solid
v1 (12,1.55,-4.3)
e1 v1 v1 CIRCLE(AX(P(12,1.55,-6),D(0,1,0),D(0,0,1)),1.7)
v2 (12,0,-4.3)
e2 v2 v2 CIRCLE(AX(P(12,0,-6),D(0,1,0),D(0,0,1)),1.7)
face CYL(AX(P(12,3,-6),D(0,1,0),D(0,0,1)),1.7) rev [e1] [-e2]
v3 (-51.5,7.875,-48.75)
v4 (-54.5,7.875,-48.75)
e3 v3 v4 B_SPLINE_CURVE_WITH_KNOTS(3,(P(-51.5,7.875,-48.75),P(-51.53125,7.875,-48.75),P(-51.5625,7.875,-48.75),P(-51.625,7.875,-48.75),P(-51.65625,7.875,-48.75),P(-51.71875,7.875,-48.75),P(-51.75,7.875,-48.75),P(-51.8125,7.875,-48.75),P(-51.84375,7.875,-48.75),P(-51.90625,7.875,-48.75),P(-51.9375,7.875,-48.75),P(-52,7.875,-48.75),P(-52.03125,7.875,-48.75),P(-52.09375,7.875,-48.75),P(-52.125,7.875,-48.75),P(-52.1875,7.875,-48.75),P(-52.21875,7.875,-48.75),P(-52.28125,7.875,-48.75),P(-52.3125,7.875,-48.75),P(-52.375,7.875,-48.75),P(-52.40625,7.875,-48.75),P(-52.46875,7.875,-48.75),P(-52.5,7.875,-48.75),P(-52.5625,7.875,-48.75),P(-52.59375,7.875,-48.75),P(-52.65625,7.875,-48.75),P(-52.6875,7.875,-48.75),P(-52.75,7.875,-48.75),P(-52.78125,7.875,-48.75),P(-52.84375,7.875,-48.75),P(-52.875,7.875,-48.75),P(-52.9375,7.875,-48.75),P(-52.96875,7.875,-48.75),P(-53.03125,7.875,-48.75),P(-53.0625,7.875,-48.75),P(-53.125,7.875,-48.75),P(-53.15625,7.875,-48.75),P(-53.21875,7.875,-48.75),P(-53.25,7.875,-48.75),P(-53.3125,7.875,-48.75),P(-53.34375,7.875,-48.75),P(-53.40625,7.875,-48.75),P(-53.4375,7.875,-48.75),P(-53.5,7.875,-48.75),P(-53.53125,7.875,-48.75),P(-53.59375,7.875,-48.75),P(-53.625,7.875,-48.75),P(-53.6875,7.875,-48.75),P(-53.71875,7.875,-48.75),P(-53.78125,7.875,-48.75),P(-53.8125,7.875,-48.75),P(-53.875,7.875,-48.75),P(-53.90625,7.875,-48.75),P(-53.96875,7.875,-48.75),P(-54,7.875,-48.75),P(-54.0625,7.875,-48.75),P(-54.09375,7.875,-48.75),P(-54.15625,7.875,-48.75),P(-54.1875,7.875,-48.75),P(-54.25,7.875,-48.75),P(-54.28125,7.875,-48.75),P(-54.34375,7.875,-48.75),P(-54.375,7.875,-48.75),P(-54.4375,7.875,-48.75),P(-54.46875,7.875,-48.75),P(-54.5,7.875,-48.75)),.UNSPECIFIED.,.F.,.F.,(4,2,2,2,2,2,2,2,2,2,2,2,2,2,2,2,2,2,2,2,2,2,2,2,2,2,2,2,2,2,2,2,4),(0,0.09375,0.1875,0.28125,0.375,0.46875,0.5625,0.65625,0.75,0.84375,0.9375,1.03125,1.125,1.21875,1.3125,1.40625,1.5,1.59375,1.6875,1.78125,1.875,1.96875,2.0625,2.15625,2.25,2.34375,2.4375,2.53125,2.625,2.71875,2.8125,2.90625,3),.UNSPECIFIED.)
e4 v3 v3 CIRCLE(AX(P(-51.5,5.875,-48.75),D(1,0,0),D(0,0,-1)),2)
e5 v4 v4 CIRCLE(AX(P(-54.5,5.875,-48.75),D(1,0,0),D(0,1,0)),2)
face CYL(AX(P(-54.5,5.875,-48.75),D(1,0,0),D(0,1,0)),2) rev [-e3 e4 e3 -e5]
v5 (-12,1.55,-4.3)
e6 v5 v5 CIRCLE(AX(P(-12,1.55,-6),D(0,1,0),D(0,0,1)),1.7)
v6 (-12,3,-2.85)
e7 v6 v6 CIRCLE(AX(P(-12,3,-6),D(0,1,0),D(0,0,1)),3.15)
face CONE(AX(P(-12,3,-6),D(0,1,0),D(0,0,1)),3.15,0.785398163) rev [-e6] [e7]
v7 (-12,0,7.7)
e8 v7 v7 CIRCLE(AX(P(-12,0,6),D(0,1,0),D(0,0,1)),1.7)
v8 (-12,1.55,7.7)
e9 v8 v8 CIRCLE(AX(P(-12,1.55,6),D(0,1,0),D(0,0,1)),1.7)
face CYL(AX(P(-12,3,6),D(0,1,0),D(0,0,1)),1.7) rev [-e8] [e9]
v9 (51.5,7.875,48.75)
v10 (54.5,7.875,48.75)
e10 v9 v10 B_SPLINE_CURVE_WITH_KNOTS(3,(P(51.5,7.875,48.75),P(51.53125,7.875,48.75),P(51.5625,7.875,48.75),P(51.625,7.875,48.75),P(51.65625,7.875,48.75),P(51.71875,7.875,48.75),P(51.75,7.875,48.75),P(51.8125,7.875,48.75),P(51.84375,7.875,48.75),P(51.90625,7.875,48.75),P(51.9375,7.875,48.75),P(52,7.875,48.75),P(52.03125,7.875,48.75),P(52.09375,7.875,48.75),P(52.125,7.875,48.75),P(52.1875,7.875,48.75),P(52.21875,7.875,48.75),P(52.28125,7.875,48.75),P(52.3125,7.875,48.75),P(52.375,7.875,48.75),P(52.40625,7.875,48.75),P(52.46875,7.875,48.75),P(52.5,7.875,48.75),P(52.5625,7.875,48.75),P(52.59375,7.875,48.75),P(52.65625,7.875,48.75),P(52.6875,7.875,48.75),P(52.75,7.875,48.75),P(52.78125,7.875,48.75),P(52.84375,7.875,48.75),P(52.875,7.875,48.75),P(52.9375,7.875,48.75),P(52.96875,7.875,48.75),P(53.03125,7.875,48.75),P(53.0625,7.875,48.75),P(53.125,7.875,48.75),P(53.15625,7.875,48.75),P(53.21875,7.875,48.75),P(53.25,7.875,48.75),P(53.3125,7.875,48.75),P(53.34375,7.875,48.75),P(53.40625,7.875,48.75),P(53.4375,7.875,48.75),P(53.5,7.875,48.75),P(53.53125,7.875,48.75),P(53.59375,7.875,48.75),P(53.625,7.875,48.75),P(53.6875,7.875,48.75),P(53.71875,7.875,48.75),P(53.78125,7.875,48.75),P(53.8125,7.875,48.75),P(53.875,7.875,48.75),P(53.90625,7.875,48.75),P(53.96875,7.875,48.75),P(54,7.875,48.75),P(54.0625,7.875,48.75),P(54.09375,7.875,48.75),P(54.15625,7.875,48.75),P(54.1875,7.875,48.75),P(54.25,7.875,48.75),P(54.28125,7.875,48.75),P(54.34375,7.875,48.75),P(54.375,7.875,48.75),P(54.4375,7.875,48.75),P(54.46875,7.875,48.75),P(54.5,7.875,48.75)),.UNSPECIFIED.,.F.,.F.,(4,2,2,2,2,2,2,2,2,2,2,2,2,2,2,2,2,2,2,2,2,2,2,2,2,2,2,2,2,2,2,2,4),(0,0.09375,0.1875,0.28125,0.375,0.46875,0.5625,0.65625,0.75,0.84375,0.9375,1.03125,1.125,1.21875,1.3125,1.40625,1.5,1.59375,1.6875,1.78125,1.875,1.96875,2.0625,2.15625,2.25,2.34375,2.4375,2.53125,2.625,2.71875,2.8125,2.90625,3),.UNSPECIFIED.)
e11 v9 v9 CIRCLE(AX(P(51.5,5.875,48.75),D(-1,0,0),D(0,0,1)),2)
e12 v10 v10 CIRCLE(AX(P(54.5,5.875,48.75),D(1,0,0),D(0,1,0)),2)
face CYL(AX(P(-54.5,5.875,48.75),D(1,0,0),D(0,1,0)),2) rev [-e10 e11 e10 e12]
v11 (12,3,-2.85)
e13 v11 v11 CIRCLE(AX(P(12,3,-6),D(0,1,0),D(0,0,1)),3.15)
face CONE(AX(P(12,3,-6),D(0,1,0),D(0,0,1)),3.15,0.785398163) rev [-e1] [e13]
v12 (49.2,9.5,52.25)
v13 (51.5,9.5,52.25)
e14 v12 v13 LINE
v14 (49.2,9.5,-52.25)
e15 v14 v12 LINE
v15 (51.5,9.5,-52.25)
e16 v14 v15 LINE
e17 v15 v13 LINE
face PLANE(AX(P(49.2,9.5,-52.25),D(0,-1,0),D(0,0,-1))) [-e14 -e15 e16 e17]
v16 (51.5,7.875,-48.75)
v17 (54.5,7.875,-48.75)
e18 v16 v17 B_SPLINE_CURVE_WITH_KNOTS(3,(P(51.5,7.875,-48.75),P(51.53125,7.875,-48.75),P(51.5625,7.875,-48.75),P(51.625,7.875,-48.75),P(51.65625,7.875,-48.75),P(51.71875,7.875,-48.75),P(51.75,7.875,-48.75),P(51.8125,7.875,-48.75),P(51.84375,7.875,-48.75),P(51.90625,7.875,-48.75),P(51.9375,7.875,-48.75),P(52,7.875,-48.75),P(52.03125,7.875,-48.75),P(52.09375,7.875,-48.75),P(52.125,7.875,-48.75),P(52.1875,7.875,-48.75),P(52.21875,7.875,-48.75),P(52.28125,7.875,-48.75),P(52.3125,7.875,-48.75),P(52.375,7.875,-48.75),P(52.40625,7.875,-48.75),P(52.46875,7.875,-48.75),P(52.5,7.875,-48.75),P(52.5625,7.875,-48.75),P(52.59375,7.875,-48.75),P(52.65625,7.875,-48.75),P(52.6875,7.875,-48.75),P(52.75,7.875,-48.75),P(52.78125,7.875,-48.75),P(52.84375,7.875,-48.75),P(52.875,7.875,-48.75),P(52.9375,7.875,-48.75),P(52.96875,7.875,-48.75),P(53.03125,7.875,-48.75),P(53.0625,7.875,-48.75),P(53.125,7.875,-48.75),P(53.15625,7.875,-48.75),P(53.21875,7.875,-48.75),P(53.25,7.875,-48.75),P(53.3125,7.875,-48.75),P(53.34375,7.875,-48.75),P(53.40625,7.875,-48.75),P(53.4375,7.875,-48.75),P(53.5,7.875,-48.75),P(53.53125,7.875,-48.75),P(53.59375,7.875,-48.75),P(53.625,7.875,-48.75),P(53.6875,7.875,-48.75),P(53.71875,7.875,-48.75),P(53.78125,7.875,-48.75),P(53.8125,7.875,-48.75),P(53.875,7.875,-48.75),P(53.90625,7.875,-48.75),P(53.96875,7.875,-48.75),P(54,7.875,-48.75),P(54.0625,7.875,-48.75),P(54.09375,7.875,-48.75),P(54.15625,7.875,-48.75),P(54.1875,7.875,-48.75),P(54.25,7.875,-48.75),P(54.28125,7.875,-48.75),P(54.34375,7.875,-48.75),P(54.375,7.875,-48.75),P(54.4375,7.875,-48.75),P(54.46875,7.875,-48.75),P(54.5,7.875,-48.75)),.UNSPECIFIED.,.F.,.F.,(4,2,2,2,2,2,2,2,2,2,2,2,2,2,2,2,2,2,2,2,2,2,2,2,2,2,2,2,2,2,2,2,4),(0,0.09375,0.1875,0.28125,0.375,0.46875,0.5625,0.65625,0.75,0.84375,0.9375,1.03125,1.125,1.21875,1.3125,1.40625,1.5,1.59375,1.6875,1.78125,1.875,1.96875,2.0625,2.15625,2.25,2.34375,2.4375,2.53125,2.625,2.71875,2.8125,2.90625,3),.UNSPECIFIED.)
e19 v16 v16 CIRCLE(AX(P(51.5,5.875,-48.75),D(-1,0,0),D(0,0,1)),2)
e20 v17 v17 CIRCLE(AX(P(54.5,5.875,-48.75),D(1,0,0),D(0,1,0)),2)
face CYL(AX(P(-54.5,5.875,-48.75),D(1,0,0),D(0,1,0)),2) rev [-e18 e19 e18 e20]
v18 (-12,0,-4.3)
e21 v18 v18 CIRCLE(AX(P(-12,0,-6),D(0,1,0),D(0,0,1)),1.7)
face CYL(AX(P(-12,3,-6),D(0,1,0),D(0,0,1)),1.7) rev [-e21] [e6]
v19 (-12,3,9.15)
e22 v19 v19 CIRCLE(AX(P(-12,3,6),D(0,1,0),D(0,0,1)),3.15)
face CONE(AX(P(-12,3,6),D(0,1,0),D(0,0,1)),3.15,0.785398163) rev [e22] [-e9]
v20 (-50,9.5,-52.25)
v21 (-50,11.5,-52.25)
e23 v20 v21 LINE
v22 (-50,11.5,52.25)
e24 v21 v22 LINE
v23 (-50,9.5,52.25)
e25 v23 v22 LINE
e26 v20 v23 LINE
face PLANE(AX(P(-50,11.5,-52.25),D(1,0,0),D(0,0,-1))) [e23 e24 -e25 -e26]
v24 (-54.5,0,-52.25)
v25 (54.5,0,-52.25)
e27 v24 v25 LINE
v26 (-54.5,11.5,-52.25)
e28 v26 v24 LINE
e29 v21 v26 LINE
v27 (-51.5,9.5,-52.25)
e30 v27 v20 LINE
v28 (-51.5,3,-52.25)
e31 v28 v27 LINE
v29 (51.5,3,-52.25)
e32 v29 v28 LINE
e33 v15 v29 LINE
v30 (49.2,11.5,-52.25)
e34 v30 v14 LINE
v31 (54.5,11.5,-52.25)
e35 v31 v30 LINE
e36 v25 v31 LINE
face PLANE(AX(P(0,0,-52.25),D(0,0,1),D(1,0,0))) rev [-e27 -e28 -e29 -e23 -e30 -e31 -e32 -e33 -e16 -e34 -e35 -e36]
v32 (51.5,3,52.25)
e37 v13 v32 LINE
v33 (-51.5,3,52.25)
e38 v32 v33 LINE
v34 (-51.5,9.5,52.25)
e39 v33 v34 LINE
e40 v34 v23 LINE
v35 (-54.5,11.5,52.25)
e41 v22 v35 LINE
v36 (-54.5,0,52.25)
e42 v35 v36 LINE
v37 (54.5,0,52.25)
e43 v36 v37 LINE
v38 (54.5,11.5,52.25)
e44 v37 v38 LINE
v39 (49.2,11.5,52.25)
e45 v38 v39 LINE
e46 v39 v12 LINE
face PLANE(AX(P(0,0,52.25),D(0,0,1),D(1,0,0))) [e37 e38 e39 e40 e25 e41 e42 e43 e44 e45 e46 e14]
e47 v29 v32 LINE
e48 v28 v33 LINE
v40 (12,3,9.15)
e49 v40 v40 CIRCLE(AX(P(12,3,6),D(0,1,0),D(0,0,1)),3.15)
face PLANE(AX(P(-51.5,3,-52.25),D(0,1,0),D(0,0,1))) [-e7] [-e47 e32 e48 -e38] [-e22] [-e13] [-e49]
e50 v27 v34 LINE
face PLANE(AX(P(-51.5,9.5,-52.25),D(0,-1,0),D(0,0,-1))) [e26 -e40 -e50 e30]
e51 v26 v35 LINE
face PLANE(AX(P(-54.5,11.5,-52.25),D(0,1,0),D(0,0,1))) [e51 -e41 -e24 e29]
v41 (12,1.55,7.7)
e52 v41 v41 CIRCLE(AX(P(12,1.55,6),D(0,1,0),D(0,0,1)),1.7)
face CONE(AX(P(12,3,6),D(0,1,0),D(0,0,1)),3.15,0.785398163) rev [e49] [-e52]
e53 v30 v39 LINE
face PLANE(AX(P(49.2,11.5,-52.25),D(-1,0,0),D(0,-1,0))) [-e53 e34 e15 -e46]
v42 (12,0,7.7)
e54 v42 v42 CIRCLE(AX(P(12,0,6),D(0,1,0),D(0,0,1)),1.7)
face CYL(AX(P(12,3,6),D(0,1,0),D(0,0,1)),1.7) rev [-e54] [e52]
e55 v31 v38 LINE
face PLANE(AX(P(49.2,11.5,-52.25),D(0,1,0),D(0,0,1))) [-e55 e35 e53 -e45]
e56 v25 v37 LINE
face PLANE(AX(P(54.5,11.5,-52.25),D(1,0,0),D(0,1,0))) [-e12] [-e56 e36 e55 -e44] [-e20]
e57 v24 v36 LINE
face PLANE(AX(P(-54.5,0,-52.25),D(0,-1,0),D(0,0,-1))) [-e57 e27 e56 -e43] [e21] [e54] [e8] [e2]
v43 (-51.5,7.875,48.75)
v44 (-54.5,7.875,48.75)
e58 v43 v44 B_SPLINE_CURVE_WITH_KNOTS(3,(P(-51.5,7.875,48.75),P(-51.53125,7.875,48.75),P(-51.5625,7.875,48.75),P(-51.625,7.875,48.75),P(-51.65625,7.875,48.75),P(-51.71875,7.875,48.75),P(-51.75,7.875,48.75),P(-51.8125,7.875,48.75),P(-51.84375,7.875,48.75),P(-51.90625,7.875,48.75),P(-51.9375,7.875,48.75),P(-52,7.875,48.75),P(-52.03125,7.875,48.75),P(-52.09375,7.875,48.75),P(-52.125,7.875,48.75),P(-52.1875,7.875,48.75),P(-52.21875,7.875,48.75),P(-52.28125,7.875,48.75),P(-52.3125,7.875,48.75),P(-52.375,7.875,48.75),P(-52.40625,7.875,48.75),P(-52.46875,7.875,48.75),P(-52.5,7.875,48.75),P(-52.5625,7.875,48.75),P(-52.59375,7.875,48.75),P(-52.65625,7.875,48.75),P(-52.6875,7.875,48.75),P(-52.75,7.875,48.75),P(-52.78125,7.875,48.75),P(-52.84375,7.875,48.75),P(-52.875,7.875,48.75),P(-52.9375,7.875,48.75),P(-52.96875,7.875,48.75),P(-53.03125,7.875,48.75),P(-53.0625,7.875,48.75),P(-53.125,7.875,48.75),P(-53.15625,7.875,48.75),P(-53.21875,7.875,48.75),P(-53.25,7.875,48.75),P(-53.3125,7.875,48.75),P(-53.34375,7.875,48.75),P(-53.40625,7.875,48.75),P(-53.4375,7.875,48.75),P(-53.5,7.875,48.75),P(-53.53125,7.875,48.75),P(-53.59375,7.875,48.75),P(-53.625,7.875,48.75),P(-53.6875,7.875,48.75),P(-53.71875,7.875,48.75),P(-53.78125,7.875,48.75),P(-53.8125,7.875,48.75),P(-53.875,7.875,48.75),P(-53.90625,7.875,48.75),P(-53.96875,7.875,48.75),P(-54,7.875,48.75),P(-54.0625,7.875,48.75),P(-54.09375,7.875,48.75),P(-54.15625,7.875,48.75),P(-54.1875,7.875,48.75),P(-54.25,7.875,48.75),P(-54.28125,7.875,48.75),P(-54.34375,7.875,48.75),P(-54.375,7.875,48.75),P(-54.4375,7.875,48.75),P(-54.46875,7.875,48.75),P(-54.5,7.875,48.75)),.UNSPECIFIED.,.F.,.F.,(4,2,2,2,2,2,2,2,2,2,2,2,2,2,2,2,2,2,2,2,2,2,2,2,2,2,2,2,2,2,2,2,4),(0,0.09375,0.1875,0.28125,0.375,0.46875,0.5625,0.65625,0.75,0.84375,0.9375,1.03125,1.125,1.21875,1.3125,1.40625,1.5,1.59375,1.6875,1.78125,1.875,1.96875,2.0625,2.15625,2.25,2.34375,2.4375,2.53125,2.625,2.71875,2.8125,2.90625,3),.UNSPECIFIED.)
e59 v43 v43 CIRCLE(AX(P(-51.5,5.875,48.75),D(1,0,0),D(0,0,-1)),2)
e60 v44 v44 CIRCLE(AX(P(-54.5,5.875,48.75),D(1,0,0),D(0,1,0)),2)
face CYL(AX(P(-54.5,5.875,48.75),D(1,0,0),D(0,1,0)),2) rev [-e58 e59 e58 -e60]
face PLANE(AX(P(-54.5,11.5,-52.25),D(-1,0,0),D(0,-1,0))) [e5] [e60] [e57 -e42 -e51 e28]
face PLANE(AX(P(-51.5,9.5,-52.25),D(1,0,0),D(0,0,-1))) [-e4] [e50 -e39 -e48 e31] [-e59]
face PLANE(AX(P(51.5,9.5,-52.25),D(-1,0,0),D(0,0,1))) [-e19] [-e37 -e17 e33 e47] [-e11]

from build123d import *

# Parameters (mm, degrees)
BOSS_EXTRUDE1_DEPTH                            = 52.25
BOSS_EXTRUDE1_DEPTH_BACK                       = 52.25
CSK_FOR_M3_FLAT_HEAD_MACHINE_SCREW1_AT_2_COUNT = 2
CSK_FOR_M3_FLAT_HEAD_MACHINE_SCREW1_AT_2_PITCH = 12
CSK_FOR_M3_FLAT_HEAD_MACHINE_SCREW1_AT_3_COUNT = 2
CSK_FOR_M3_FLAT_HEAD_MACHINE_SCREW1_AT_3_PITCH = 26.83281573
CSK_FOR_M3_FLAT_HEAD_MACHINE_SCREW1_AT_4_COUNT = 2
CSK_FOR_M3_FLAT_HEAD_MACHINE_SCREW1_AT_4_PITCH = 24
SKETCH5_R                                      = 2
CUT_EXTRUDE1_DEPTH                             = 122.422042892


with BuildPart() as part:
    # Sketch1 → Boss-Extrude1 (new, two sides: drawn at the far end of the back side and taken through both)
    with BuildSketch(Plane.XY.offset(-BOSS_EXTRUDE1_DEPTH_BACK)):
        Polygon((-50, 11.5), (-50, 9.5), (-51.5, 9.5), (-51.5, 3), (51.5, 3), (51.5, 9.5), (49.2, 9.5), (49.2, 11.5), (54.5, 11.5), (54.5, 0), (-54.5, 0), (-54.5, 11.5), align=None)
    extrude(amount=BOSS_EXTRUDE1_DEPTH + BOSS_EXTRUDE1_DEPTH_BACK)

    # Sketch4 → CSK for M3 Flat Head Machine Screw1 (revolve, cut)
    with BuildSketch(Plane(origin=(-12, 3, -6), x_dir=(0, 0, 1), z_dir=(1, 0, 0))):
        Polygon((0, 0), (0, 3), (1.7, 3), (1.7, 1.45), (3.15, 0), align=None)
    csk_for_m3_flat_head_machine_screw1 = revolve(axis=Axis((-12, 9.35, -6), (0, -1, 0)), mode=Mode.SUBTRACT)

    # CSK for M3 Flat Head Machine Screw1 at 2: CSK for M3 Flat Head Machine Screw1 ×2
    with Locations(*[(0, 0, i * CSK_FOR_M3_FLAT_HEAD_MACHINE_SCREW1_AT_2_PITCH) for i in range(1, CSK_FOR_M3_FLAT_HEAD_MACHINE_SCREW1_AT_2_COUNT)]):
        add(csk_for_m3_flat_head_machine_screw1, mode=Mode.SUBTRACT)

    # CSK for M3 Flat Head Machine Screw1 at 3: CSK for M3 Flat Head Machine Screw1 ×2
    with Locations(*[Vector(0.894427190999916, 0, 0.4472135954999579) * (i * CSK_FOR_M3_FLAT_HEAD_MACHINE_SCREW1_AT_3_PITCH) for i in range(1, CSK_FOR_M3_FLAT_HEAD_MACHINE_SCREW1_AT_3_COUNT)]):
        add(csk_for_m3_flat_head_machine_screw1, mode=Mode.SUBTRACT)

    # CSK for M3 Flat Head Machine Screw1 at 4: CSK for M3 Flat Head Machine Screw1 ×2
    with Locations(*[(i * CSK_FOR_M3_FLAT_HEAD_MACHINE_SCREW1_AT_4_PITCH, 0, 0) for i in range(1, CSK_FOR_M3_FLAT_HEAD_MACHINE_SCREW1_AT_4_COUNT)]):
        add(csk_for_m3_flat_head_machine_screw1, mode=Mode.SUBTRACT)

    # Sketch5 → Cut-Extrude1 (cut, through all)
    with BuildSketch(Plane(origin=(54.5, 0, 0), x_dir=(0, 0, -1), z_dir=(1, 0, 0))):
        with Locations((-48.75, 5.875)):
            Circle(SKETCH5_R)
        with Locations((48.75, 5.875)):
            Circle(SKETCH5_R)
    extrude(amount=-CUT_EXTRUDE1_DEPTH, mode=Mode.SUBTRACT)


solid = part.part
